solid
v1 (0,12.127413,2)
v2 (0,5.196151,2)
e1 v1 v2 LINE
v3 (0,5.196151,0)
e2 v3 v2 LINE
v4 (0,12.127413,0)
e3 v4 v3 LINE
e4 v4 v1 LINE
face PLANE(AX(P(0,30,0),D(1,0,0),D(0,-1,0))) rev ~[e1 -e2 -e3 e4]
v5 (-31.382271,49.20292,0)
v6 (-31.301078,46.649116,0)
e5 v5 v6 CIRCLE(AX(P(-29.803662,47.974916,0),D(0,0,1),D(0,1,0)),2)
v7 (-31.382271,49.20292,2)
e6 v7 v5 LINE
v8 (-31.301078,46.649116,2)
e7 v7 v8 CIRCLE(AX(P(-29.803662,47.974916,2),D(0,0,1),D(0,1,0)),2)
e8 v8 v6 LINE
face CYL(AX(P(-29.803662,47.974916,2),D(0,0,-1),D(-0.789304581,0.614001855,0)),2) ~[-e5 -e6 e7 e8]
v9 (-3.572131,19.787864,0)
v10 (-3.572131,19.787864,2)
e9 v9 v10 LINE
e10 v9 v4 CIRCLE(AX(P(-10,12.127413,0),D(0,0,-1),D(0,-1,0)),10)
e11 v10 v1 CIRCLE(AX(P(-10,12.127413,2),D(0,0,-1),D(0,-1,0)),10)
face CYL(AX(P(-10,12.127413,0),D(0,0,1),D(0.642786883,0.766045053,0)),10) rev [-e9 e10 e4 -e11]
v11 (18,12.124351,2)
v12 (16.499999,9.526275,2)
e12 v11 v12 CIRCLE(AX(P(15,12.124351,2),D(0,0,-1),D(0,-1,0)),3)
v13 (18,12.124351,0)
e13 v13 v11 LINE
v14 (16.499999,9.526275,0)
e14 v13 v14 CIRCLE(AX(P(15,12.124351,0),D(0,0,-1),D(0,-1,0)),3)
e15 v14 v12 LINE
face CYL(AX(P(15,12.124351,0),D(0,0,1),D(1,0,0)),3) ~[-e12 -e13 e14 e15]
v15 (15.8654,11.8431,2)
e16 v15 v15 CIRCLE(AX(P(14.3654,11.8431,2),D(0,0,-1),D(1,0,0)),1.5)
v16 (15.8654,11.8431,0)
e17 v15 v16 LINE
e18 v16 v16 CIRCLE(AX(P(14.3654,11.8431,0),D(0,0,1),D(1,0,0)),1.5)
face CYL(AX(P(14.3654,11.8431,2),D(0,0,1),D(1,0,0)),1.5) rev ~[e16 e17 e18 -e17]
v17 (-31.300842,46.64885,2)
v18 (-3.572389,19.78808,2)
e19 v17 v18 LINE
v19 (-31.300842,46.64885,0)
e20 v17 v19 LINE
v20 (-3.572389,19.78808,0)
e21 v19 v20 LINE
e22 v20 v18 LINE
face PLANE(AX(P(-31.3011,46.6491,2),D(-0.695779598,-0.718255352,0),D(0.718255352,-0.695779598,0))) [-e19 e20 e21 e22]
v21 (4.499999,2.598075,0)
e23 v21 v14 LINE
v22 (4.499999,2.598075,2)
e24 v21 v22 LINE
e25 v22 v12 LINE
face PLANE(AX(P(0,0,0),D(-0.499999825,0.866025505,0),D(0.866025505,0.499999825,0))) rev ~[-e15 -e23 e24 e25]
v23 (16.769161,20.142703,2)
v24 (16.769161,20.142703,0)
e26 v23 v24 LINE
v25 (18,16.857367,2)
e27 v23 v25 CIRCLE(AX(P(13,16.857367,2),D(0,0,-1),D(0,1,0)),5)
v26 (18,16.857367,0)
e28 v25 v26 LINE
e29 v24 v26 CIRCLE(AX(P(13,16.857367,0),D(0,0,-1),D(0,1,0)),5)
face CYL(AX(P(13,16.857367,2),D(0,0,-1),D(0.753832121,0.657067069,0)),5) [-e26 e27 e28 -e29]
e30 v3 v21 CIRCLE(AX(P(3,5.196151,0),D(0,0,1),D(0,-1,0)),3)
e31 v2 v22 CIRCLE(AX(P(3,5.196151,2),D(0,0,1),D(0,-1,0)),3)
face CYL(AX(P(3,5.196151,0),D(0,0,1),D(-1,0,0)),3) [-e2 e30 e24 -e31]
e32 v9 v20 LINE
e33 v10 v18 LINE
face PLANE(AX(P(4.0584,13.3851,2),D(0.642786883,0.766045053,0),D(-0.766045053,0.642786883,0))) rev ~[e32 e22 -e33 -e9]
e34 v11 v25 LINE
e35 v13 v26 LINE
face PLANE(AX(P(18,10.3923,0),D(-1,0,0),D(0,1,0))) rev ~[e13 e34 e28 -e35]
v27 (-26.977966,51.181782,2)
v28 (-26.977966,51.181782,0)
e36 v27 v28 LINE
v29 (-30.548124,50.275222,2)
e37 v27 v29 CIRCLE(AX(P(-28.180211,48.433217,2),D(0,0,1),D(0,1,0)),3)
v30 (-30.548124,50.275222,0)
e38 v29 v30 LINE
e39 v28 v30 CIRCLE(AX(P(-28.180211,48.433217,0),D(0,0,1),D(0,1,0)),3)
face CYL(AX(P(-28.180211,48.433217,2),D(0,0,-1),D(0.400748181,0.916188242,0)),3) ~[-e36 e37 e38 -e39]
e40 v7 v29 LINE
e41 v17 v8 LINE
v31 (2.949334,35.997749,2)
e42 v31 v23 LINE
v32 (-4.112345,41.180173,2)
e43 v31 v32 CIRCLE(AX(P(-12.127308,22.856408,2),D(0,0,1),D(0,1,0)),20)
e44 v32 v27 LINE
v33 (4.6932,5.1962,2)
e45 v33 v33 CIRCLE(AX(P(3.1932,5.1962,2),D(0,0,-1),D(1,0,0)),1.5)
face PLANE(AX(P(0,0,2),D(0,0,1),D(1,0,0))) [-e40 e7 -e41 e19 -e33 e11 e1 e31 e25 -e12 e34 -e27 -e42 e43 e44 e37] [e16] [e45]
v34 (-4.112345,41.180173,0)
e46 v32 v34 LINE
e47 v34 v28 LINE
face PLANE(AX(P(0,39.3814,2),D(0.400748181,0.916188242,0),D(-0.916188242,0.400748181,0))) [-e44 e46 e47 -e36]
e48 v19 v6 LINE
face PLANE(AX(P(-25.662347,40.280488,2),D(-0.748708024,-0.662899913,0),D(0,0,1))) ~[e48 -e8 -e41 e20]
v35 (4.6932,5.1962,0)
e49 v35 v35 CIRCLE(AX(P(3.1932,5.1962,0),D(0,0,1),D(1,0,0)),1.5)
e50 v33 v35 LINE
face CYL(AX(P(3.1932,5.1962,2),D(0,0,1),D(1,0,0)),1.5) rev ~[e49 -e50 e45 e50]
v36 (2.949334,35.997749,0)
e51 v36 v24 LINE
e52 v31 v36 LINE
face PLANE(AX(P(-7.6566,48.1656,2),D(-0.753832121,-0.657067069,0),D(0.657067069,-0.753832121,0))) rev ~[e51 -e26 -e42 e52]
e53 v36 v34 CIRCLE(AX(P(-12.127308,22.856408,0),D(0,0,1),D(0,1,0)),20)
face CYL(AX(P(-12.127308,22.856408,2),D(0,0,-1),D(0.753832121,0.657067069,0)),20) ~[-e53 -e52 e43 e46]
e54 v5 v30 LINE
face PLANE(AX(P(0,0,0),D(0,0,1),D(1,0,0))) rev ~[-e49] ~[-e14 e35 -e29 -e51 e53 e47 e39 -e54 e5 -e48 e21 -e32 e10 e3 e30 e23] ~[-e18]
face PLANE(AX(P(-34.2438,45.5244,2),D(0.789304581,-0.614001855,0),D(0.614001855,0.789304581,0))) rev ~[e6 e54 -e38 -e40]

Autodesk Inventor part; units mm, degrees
ref_plane "YZ Plane" through (0, 0, 0) normal (1, 0, 0) x (0, 1, 0)
ref_plane "XZ Plane" through (0, 0, 0) normal (0, 1, 0) x (-1, 0, 0)
ref_plane "XY Plane" through (0, 0, 0) normal (0, 0, 1) x (1, 0, 0)
sketch "Sketch1" plane through (0, 0, 0) normal (0, 0, 1) x (1, 0, 0)
  line L0 (0, 0) -> (18, 0)
  line L1 (18, 0) -> (18, 30)
  line L2 (18, 30) -> (0, 30)
  line L3 (0, 30) -> (0, 0)
  line L4 (0, 0) -> (18, 10.3923)
  line L5 (0, 0) -> (20.7846, 0) construction
  dimension "d0" = 18
  dimension "d1" = 30
  dimension "d2" = 30
extrude "Extrusion1" add sketch "Sketch1" along normal blind 2 contours L3 L2 L1 L4
fillet "Fillet1" radius 3 2 edges at (0, 0, 1) (18, 10.3923, 1)
sketch "Sketch2" plane through (0, 0, 2) normal (0, 0, 1) x (1, 0, 0)
  arc A0 (0, 5.1962) -> (4.5, 2.5981) centre (3, 5.1962) ccw projected
  arc A1 (16.5, 9.5263) -> (18, 12.1244) centre (15, 12.1244) ccw projected
  line L0 (4.5, 2.5981) -> (16.5, 9.5263) projected
  line L1 (10.5, 6.0622) -> (8.7793, 8.5196)
  line L2 (10.5, 6.0622) -> (13.5, 6.0622) construction
  line L3 (8.7793, 8.5196) -> (3.1932, 5.1962)
  line L4 (3.1932, 5.1962) -> (14.3654, 11.8431)
  circle A2 centre (3.1932, 5.1962) radius 1.5
  circle A3 centre (14.3654, 11.8431) radius 1.5
  point P0 (0, 0)
  dimension "d8" = 3
  dimension "d9" = 125
  dimension "d10" = 6.5
  dimension "d11" = 13
  dimension "d12" = 3
  dimension "d13" = 3
extrude "Extrusion2" cut sketch "Sketch2" against normal blind 2
sketch "Sketch3" plane through (0, 0, 2) normal (0, 0, 1) x (1, 0, 0)
  line L0 (18, 12.1244) -> (18, 30) projected
  line L1 (18, 30) -> (4.0584, 13.3851)
  line L2 (18, 30) -> (39.6893, 30) construction
  line L3 (4.0584, 13.3851) -> (-34.2438, 45.5244)
  line L4 (-34.2438, 45.5244) -> (-20.9174, 62.6556)
  line L5 (-20.9174, 62.6556) -> (18, 30)
  point P0 (0, 0)
  dimension "d16" = 130
  dimension "d17" = 50
  dimension "d18" = 90
extrude "Extrusion3" cut sketch "Sketch3" against normal blind 2
extrude "Extrusion4" add sketch "Sketch3" against normal blind 2
fillet "Fillet2" radius 10 2 edges at (18, 30, 1) (0, 16.7905, 1)
chamfer "Chamfer1" distance 5 distance2 40 1 edges at (-20.9174, 62.6556, 1) measured on face at (-25.3595, 56.9452, 1.3333)
fillet "Fillet3" radius 20 1 edges at (9.7244, 36.9441, 1)
sketch "Sketch4" plane through (0, 0, 2) normal (0, 0, 1) x (1, 0, 0)
  line L0 (-23.9874, 58.7091) -> (8.6742, 37.6221) projected
  line L1 (-7.6566, 48.1656) -> (18, 18.7306)
  line L2 (18, 12.1244) -> (18, 25.3369) projected
  line L3 (-7.6566, 48.1656) -> (3.9893, 54.5621)
  line L4 (3.9893, 54.5621) -> (27.8287, 24.1291)
  line L5 (27.8287, 24.1291) -> (18, 18.7306)
  point P0 (0, 0)
extrude "Extrusion5" cut sketch "Sketch4" against normal blind 2
fillet "Fillet4" radius 5 1 edges at (18, 18.7306, 1)
sketch "Sketch5" plane through (0, 0, 2) normal (0, 0, 1) x (1, 0, 0)
  line L0 (16.7692, 20.1427) -> (-7.6566, 48.1656) projected
  line L1 (0, 39.3814) -> (-29.1156, 52.1168)
  line L2 (-34.2438, 45.5244) -> (-23.9874, 58.7091) projected
  line L3 (-29.1156, 52.1168) -> (-28.0652, 63.5725)
  line L4 (-28.0652, 63.5725) -> (-0.6496, 57.8446)
  line L5 (-0.6496, 57.8446) -> (0, 39.3814)
  point P0 (0, 0)
extrude "Extrusion6" cut sketch "Sketch5" against normal blind 2
fillet "Fillet5" radius 20 1 edges at (0, 39.3814, 1)
fillet "Fillet6" radius 3 1 edges at (-29.1156, 52.1168, 1)
chamfer "Chamfer2" distance 20 distance2 3 1 edges at (-34.2438, 45.5244, 1) measured on face at (-24.0199, 36.9456, 1.3333)
fillet "Fillet7" radius 2 1 edges at (-32.4018, 47.8923, 1)
sketch "Sketch6" plane through (0, 0, 2) normal (0, 0, 1) x (1, 0, 0)
  line L0 (-31.3011, 46.6491) -> (-18.9229, 32.6687) projected
  arc A0 (0, 12.1274) -> (-3.5721, 19.7878) centre (-10, 12.1274) ccw projected
  line L1 (-31.3011, 46.6491) -> (-3.5721, 19.7878)
  line L2 (-3.5721, 19.7878) -> (-20.8807, 12.1274)
  arc A1 (-31.3823, 49.203) -> (-31.3011, 46.6491) centre (-29.8037, 47.9749) ccw projected
  line L3 (-20.8807, 12.1274) -> (-31.3011, 46.6491)
  point P0 (0, 0)
extrude "Extrusion7" cut sketch "Sketch6" against normal blind 10
properties part number "Claw Tip"
